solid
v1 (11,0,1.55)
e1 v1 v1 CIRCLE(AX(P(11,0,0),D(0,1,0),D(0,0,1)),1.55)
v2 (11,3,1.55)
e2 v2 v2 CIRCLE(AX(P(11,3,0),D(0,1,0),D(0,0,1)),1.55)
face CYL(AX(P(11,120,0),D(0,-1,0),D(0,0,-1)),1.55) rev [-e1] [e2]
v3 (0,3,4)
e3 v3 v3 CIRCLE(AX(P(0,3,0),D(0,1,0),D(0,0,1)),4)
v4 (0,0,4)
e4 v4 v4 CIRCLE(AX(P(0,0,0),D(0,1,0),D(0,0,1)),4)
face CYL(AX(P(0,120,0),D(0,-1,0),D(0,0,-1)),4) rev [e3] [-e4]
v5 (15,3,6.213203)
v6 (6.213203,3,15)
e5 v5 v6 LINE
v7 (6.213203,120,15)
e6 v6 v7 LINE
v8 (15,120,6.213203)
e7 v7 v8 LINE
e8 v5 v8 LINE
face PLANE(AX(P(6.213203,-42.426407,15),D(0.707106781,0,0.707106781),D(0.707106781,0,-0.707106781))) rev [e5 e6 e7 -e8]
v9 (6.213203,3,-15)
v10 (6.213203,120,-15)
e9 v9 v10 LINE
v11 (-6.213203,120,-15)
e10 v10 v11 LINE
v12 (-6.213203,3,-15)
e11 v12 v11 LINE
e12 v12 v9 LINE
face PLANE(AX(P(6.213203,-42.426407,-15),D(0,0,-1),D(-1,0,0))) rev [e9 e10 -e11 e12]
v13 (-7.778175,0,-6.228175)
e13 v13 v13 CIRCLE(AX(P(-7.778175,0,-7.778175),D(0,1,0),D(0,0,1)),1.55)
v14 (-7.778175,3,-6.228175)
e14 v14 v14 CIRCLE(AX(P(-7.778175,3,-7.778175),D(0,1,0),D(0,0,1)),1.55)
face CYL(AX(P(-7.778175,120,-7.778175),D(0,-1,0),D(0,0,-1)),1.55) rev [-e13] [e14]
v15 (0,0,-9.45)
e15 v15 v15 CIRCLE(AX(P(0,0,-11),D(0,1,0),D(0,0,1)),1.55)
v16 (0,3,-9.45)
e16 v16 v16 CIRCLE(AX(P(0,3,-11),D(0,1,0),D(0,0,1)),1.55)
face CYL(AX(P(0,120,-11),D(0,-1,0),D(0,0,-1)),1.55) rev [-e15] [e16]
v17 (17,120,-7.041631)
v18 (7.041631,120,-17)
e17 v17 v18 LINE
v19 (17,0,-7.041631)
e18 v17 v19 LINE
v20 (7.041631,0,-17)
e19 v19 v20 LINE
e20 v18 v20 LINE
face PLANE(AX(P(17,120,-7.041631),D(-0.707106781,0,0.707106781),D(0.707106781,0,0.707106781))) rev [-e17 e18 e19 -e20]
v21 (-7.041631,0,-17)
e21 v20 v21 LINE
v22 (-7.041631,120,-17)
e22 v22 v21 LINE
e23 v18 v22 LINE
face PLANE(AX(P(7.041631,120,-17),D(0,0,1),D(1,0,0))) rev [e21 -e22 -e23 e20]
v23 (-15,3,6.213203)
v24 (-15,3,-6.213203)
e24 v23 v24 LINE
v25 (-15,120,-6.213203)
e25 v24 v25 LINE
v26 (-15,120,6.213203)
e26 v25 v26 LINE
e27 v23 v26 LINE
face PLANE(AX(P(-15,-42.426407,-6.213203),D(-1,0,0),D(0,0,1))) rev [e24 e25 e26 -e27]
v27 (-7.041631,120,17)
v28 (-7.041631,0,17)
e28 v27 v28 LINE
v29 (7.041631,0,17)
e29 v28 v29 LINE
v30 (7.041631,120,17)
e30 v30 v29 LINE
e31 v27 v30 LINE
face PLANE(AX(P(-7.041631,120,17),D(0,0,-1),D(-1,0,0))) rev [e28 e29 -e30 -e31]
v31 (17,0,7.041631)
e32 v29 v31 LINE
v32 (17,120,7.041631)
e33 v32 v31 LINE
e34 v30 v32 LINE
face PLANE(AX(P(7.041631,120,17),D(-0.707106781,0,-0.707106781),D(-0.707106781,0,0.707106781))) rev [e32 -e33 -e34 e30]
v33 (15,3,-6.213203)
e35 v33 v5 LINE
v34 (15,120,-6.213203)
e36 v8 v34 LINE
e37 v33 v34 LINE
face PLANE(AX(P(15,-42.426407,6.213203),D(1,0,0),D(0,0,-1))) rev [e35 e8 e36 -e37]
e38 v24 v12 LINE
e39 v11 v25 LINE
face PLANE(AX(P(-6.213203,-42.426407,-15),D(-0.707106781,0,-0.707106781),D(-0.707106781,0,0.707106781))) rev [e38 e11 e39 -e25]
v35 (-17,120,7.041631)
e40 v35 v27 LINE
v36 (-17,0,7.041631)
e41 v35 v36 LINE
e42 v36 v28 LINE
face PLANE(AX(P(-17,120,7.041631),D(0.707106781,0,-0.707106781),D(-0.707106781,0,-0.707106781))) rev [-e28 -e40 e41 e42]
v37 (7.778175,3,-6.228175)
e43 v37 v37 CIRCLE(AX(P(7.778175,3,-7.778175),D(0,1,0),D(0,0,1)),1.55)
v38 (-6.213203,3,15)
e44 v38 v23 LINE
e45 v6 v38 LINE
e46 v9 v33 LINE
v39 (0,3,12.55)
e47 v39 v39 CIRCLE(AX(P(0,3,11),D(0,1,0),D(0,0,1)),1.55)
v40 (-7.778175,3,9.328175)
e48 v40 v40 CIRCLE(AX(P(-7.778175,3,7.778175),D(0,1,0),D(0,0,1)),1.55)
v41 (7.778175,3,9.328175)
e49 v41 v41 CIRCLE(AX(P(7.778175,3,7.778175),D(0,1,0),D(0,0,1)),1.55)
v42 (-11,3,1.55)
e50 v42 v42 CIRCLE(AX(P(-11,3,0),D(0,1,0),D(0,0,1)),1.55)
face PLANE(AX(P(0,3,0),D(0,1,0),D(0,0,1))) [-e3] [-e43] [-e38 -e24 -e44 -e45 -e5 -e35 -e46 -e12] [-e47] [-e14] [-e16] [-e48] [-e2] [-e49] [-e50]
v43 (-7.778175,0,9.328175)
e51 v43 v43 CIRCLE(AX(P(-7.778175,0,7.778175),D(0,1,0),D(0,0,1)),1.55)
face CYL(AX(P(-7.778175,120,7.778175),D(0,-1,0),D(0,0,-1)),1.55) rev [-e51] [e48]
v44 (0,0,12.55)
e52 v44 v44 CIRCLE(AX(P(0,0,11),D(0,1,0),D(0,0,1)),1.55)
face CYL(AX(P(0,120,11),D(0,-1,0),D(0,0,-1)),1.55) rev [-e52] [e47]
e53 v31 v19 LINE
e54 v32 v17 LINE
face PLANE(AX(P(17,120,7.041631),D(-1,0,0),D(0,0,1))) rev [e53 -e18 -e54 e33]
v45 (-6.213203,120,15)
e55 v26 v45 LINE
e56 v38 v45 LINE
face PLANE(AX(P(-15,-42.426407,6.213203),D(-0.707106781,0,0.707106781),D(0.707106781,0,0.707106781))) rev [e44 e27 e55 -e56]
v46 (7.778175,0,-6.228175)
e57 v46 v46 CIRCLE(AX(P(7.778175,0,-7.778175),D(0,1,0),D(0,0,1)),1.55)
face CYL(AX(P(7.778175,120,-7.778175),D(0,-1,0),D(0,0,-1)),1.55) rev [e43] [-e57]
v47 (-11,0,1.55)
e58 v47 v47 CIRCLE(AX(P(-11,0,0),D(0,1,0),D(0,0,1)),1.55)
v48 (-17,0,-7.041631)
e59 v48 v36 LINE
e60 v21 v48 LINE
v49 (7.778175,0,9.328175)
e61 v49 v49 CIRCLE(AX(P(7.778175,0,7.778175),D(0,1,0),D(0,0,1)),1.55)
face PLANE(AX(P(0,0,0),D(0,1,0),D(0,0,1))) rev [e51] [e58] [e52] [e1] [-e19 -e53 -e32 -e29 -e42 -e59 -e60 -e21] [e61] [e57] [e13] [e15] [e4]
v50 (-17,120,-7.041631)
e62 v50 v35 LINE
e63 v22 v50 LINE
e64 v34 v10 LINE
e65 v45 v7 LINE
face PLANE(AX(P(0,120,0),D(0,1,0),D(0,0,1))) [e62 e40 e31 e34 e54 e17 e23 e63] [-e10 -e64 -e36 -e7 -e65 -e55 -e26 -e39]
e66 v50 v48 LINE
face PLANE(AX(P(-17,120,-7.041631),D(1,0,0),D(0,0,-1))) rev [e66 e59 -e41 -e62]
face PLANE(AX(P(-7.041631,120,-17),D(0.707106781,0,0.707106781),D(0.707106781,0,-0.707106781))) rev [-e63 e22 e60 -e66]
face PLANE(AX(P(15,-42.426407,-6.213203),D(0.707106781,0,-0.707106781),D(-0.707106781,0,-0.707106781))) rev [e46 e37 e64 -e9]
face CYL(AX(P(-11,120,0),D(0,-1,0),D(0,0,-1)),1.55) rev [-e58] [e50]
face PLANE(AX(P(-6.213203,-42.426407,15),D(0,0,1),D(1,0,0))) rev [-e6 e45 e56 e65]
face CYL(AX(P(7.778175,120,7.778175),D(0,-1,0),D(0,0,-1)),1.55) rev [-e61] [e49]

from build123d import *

# Parameters (mm, degrees)
CROQUIS1_R              = 1.55
CROQUIS1_R_2            = 4
SALIENTE_EXTRUIR1_DEPTH = 120
CORTAR_EXTRUIR1_DEPTH   = 117


with BuildPart() as part:
    # Croquis1 → Saliente-Extruir1 (new body)
    with BuildSketch(Plane(origin=(0, 0, 0), x_dir=(1, 0, 0), z_dir=(0, 1, 0))):
        Polygon((17, -7.04163056), (17, 7.04163056), (7.04163056, 17), (-7.04163056, 17), (-17, 7.04163056), (-17, -7.04163056), (-7.04163056, -17), (7.04163056, -17), align=None)
        with Locations(Location((0, 11, 0), (0, 0, 270))):
            Circle(CROQUIS1_R, mode=Mode.SUBTRACT)
        with Locations(Location((0, 0, 0), (0, 0, 270))):
            Circle(CROQUIS1_R_2, mode=Mode.SUBTRACT)
        with Locations(Location((7.778174593, 7.778174593, 0), (0, 0, 270))):
            Circle(CROQUIS1_R, mode=Mode.SUBTRACT)
        with Locations(Location((11, 0, 0), (0, 0, 270))):
            Circle(CROQUIS1_R, mode=Mode.SUBTRACT)
        with Locations(Location((7.778174593, -7.778174593, 0), (0, 0, 270))):
            Circle(CROQUIS1_R, mode=Mode.SUBTRACT)
        with Locations(Location((0, -11, 0), (0, 0, 270))):
            Circle(CROQUIS1_R, mode=Mode.SUBTRACT)
        with Locations(Location((-7.778174593, -7.778174593, 0), (0, 0, 270))):
            Circle(CROQUIS1_R, mode=Mode.SUBTRACT)
        with Locations(Location((-11, 0, 0), (0, 0, 270))):
            Circle(CROQUIS1_R, mode=Mode.SUBTRACT)
        with Locations(Location((-7.778174593, 7.778174593, 0), (0, 0, 270))):
            Circle(CROQUIS1_R, mode=Mode.SUBTRACT)
    extrude(amount=SALIENTE_EXTRUIR1_DEPTH)

    # Croquis2 → Cortar-Extruir1 (cut)
    with BuildSketch(Plane(origin=(0, 120, 0), x_dir=(1, 0, 0), z_dir=(0, 1, 0))):
        Polygon((6.213203436, 15), (-6.213203436, 15), (-15, 6.213203436), (-15, -6.213203436), (-6.213203436, -15), (6.213203436, -15), (15, -6.213203436), (15, 6.213203436), align=None)
    extrude(amount=-CORTAR_EXTRUIR1_DEPTH, mode=Mode.SUBTRACT)


solid = part.part
